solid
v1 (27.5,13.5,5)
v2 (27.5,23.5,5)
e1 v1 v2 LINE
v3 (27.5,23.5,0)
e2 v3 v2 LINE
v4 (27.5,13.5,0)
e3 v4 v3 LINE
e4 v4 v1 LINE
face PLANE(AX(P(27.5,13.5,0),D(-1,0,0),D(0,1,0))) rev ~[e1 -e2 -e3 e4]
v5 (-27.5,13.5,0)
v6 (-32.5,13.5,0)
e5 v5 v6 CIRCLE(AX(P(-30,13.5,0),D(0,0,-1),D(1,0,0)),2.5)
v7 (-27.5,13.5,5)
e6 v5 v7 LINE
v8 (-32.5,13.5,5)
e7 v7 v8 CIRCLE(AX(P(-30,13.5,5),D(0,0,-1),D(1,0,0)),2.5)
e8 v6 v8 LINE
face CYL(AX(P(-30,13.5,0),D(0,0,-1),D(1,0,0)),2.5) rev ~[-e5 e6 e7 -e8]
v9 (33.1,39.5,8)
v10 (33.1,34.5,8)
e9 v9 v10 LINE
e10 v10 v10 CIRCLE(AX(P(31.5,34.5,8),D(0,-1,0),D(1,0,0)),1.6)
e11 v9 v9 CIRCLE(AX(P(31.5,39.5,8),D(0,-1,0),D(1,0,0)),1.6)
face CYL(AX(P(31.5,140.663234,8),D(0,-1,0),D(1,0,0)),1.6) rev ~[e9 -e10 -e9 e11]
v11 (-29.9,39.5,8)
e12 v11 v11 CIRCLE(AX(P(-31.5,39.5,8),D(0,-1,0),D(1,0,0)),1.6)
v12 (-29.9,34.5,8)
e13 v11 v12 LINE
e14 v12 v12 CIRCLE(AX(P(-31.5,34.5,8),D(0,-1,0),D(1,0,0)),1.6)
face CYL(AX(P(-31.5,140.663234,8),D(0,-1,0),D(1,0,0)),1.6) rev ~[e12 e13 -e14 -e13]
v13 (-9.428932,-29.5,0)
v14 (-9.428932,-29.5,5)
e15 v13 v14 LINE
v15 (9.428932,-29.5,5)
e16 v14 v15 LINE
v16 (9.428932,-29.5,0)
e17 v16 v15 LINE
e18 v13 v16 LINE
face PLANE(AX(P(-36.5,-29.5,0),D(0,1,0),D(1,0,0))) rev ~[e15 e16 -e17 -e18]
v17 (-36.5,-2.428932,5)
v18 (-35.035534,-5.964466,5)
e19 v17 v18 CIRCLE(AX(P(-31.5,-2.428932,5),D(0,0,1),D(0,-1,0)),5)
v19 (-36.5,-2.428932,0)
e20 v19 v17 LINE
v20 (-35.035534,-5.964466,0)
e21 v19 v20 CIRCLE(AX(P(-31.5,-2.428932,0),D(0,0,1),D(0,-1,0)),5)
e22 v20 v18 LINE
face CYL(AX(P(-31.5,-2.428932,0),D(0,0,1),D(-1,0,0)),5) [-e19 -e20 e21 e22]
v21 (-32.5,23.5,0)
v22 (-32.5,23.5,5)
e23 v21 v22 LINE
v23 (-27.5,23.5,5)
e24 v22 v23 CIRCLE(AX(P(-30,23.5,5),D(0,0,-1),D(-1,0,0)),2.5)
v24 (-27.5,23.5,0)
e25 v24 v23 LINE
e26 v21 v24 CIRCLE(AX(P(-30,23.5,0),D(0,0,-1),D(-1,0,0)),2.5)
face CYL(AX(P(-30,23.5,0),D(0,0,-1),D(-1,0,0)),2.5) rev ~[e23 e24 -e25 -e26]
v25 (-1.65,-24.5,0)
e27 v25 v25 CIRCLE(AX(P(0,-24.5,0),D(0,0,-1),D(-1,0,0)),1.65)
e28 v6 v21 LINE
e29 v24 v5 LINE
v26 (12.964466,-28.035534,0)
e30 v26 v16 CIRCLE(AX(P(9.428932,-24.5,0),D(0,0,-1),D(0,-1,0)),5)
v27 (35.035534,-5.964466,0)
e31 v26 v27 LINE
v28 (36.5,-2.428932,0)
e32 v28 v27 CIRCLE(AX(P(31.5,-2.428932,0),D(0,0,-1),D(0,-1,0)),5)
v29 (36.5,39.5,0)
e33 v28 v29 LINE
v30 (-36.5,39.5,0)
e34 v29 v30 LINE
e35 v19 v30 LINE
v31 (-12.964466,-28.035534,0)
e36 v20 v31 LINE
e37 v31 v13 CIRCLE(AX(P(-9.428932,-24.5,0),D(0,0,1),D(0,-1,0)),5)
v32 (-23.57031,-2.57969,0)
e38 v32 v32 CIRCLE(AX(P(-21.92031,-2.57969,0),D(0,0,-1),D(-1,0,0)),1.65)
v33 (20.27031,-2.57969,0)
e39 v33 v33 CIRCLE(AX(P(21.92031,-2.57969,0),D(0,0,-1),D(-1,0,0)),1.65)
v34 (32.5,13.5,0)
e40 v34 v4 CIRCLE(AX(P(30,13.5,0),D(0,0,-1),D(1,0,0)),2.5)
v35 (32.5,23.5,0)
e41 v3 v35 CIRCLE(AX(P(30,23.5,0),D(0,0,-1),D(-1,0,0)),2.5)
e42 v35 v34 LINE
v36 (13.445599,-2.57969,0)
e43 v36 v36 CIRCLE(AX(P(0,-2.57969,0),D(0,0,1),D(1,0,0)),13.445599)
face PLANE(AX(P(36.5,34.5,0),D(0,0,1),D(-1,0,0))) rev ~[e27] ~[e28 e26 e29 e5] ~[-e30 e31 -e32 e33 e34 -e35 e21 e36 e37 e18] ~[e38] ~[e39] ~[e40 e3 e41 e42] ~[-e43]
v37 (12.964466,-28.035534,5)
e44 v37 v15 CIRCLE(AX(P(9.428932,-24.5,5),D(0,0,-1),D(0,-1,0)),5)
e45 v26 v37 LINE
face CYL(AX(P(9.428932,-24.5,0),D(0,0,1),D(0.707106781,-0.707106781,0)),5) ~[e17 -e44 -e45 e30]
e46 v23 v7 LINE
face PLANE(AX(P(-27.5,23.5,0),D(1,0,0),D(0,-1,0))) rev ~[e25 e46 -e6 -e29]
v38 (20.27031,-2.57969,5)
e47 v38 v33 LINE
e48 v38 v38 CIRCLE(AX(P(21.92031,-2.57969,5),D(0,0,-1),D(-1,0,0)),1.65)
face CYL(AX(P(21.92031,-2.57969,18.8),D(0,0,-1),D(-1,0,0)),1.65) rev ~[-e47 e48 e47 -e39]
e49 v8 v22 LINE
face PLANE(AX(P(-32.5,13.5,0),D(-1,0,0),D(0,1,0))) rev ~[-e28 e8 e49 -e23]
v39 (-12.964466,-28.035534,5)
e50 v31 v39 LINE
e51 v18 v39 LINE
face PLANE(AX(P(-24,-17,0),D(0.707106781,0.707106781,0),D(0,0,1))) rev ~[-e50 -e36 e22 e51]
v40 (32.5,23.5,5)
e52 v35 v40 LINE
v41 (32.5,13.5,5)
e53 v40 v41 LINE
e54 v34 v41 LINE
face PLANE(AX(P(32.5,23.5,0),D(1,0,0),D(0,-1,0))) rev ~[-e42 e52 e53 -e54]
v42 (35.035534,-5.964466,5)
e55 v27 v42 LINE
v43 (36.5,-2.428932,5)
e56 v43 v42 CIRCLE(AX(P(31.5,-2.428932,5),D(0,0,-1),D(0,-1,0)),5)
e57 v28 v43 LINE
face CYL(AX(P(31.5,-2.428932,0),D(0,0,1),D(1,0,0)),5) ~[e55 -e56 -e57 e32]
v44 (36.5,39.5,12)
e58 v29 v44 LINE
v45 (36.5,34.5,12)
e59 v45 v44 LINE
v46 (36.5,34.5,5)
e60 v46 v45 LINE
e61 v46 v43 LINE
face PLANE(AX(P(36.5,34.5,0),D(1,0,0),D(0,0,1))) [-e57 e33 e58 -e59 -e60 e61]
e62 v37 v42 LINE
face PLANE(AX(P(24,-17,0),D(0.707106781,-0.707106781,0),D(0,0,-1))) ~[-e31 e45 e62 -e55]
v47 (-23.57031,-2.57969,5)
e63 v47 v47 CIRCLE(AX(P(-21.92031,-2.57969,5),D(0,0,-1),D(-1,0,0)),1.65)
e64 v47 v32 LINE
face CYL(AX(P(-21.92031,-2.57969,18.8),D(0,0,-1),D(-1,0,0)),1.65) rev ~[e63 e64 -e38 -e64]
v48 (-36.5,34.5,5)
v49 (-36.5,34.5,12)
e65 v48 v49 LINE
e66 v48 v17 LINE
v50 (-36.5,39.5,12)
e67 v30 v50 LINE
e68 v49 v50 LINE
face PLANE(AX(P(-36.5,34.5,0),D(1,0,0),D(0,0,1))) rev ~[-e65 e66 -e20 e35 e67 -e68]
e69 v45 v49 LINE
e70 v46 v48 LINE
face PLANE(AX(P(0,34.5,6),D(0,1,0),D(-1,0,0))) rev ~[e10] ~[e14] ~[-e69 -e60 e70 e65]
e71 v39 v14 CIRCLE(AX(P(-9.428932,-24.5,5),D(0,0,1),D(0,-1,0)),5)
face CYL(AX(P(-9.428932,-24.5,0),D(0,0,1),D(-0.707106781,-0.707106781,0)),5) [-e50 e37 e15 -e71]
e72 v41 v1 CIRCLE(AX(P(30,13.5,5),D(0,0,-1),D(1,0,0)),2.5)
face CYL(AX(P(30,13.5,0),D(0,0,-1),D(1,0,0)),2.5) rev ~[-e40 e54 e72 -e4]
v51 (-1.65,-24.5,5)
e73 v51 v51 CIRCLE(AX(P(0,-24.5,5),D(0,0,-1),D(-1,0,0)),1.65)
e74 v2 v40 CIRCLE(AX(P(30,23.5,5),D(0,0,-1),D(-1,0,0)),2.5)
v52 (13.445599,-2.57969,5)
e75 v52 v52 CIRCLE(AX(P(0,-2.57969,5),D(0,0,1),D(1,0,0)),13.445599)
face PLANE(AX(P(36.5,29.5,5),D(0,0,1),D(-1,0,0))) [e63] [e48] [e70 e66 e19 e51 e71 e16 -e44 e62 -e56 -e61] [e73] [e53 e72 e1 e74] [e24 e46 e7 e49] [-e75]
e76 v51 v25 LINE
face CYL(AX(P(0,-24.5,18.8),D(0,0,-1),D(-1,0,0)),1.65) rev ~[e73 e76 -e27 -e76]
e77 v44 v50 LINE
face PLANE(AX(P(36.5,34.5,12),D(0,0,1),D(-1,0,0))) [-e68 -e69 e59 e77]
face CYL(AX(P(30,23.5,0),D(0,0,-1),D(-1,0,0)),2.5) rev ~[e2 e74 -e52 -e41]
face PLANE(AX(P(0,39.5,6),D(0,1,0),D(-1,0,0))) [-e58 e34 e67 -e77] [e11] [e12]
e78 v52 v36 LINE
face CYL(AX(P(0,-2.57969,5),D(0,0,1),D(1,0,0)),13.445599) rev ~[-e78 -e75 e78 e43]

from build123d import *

# Parameters (mm, degrees)
F0_W     = 73
F0_H     = 59
F1_DEPTH = 5
F2_SIZE  = 25
F4_D     = 3.3
F4_DEPTH = 13.8
F4_TIP   = 0.9914200214
F3_R     = 13.4455987062
F5_DEPTH = 5
F6_W     = 73
F6_H     = 5
F7_DEPTH = 5
F8_W     = 73
F8_H     = 12
F9_DEPTH = 5
F11_D    = 3.2
F12_R    = 5


with BuildPart() as f1:
    # F0 (on Top) → F1 (new body)
    with BuildSketch(Plane.XY):
        Rectangle(F0_W, F0_H)
        with BuildLine():
            Line((-32.5, 13.5), (-32.5, 23.5))
            ThreePointArc((-32.5, 23.5), (-30, 26), (-27.5, 23.5))
            Line((-27.5, 23.5), (-27.5, 13.5))
            ThreePointArc((-27.5, 13.5), (-30, 11), (-32.5, 13.5))
        make_face(mode=Mode.SUBTRACT)
        with BuildLine():
            Line((27.5, 13.5), (27.5, 23.5))
            ThreePointArc((27.5, 23.5), (30, 26), (32.5, 23.5))
            Line((32.5, 23.5), (32.5, 13.5))
            ThreePointArc((32.5, 13.5), (30, 11), (27.5, 13.5))
        make_face(mode=Mode.SUBTRACT)
    extrude(amount=F1_DEPTH)

    # F2
    f2_edges = [f1.edges().sort_by_distance(p)[0] for p in [
        (-36.5, -29.5, 2.5),
        (36.5, -29.5, 2.5),
    ]]
    chamfer(f2_edges, length=F2_SIZE)

    # F4
    with Locations(Plane.XY.offset(5)):
        with Locations((-21.9203102168, -2.5796897832), (0, -24.5), (21.9203102168, -2.5796897832)):
            Hole(F4_D / 2, depth=F4_DEPTH)
            with Locations((0, 0, -(F4_DEPTH + F4_TIP / 2))):  # 118° drill point
                Cone(0, F4_D / 2, F4_TIP, mode=Mode.SUBTRACT)

    # F3 (on face) → F5 (cut, through all)
    with BuildSketch(Plane.XY.offset(5)):
        with Locations((0, -2.5796897832)):
            Circle(F3_R)
    extrude(amount=-F5_DEPTH, mode=Mode.SUBTRACT)

    # F6 (on face) → F7 (join)
    with BuildSketch(Plane(origin=(0, 29.5, 0), x_dir=(-1, 0, 0), z_dir=(0, 1, 0))):
        with Locations((0, 2.5)):
            Rectangle(F6_W, F6_H)
    extrude(amount=F7_DEPTH)

    # F8 (on face) → F9 (join)
    with BuildSketch(Plane(origin=(0, 34.5, 0), x_dir=(-1, 0, 0), z_dir=(0, 1, 0))):
        with Locations((0, 6)):
            Rectangle(F8_W, F8_H)
    extrude(amount=F9_DEPTH)

    # F11 (through all)
    with Locations(Plane(origin=(0, 39.5, 0), x_dir=(-1, 0, 0), z_dir=(0, 1, 0))):
        with Locations((-31.5, 8), (31.5, 8)):
            Hole(F11_D / 2)

    # F12
    f12_edges = [f1.edges().sort_by_distance(p)[0] for p in [
        (36.5, -4.5, 2.5),
        (11.5, -29.5, 2.5),
        (-11.5, -29.5, 2.5),
        (-36.5, -4.5, 2.5),
    ]]
    fillet(f12_edges, radius=F12_R)


solid = f1.part
